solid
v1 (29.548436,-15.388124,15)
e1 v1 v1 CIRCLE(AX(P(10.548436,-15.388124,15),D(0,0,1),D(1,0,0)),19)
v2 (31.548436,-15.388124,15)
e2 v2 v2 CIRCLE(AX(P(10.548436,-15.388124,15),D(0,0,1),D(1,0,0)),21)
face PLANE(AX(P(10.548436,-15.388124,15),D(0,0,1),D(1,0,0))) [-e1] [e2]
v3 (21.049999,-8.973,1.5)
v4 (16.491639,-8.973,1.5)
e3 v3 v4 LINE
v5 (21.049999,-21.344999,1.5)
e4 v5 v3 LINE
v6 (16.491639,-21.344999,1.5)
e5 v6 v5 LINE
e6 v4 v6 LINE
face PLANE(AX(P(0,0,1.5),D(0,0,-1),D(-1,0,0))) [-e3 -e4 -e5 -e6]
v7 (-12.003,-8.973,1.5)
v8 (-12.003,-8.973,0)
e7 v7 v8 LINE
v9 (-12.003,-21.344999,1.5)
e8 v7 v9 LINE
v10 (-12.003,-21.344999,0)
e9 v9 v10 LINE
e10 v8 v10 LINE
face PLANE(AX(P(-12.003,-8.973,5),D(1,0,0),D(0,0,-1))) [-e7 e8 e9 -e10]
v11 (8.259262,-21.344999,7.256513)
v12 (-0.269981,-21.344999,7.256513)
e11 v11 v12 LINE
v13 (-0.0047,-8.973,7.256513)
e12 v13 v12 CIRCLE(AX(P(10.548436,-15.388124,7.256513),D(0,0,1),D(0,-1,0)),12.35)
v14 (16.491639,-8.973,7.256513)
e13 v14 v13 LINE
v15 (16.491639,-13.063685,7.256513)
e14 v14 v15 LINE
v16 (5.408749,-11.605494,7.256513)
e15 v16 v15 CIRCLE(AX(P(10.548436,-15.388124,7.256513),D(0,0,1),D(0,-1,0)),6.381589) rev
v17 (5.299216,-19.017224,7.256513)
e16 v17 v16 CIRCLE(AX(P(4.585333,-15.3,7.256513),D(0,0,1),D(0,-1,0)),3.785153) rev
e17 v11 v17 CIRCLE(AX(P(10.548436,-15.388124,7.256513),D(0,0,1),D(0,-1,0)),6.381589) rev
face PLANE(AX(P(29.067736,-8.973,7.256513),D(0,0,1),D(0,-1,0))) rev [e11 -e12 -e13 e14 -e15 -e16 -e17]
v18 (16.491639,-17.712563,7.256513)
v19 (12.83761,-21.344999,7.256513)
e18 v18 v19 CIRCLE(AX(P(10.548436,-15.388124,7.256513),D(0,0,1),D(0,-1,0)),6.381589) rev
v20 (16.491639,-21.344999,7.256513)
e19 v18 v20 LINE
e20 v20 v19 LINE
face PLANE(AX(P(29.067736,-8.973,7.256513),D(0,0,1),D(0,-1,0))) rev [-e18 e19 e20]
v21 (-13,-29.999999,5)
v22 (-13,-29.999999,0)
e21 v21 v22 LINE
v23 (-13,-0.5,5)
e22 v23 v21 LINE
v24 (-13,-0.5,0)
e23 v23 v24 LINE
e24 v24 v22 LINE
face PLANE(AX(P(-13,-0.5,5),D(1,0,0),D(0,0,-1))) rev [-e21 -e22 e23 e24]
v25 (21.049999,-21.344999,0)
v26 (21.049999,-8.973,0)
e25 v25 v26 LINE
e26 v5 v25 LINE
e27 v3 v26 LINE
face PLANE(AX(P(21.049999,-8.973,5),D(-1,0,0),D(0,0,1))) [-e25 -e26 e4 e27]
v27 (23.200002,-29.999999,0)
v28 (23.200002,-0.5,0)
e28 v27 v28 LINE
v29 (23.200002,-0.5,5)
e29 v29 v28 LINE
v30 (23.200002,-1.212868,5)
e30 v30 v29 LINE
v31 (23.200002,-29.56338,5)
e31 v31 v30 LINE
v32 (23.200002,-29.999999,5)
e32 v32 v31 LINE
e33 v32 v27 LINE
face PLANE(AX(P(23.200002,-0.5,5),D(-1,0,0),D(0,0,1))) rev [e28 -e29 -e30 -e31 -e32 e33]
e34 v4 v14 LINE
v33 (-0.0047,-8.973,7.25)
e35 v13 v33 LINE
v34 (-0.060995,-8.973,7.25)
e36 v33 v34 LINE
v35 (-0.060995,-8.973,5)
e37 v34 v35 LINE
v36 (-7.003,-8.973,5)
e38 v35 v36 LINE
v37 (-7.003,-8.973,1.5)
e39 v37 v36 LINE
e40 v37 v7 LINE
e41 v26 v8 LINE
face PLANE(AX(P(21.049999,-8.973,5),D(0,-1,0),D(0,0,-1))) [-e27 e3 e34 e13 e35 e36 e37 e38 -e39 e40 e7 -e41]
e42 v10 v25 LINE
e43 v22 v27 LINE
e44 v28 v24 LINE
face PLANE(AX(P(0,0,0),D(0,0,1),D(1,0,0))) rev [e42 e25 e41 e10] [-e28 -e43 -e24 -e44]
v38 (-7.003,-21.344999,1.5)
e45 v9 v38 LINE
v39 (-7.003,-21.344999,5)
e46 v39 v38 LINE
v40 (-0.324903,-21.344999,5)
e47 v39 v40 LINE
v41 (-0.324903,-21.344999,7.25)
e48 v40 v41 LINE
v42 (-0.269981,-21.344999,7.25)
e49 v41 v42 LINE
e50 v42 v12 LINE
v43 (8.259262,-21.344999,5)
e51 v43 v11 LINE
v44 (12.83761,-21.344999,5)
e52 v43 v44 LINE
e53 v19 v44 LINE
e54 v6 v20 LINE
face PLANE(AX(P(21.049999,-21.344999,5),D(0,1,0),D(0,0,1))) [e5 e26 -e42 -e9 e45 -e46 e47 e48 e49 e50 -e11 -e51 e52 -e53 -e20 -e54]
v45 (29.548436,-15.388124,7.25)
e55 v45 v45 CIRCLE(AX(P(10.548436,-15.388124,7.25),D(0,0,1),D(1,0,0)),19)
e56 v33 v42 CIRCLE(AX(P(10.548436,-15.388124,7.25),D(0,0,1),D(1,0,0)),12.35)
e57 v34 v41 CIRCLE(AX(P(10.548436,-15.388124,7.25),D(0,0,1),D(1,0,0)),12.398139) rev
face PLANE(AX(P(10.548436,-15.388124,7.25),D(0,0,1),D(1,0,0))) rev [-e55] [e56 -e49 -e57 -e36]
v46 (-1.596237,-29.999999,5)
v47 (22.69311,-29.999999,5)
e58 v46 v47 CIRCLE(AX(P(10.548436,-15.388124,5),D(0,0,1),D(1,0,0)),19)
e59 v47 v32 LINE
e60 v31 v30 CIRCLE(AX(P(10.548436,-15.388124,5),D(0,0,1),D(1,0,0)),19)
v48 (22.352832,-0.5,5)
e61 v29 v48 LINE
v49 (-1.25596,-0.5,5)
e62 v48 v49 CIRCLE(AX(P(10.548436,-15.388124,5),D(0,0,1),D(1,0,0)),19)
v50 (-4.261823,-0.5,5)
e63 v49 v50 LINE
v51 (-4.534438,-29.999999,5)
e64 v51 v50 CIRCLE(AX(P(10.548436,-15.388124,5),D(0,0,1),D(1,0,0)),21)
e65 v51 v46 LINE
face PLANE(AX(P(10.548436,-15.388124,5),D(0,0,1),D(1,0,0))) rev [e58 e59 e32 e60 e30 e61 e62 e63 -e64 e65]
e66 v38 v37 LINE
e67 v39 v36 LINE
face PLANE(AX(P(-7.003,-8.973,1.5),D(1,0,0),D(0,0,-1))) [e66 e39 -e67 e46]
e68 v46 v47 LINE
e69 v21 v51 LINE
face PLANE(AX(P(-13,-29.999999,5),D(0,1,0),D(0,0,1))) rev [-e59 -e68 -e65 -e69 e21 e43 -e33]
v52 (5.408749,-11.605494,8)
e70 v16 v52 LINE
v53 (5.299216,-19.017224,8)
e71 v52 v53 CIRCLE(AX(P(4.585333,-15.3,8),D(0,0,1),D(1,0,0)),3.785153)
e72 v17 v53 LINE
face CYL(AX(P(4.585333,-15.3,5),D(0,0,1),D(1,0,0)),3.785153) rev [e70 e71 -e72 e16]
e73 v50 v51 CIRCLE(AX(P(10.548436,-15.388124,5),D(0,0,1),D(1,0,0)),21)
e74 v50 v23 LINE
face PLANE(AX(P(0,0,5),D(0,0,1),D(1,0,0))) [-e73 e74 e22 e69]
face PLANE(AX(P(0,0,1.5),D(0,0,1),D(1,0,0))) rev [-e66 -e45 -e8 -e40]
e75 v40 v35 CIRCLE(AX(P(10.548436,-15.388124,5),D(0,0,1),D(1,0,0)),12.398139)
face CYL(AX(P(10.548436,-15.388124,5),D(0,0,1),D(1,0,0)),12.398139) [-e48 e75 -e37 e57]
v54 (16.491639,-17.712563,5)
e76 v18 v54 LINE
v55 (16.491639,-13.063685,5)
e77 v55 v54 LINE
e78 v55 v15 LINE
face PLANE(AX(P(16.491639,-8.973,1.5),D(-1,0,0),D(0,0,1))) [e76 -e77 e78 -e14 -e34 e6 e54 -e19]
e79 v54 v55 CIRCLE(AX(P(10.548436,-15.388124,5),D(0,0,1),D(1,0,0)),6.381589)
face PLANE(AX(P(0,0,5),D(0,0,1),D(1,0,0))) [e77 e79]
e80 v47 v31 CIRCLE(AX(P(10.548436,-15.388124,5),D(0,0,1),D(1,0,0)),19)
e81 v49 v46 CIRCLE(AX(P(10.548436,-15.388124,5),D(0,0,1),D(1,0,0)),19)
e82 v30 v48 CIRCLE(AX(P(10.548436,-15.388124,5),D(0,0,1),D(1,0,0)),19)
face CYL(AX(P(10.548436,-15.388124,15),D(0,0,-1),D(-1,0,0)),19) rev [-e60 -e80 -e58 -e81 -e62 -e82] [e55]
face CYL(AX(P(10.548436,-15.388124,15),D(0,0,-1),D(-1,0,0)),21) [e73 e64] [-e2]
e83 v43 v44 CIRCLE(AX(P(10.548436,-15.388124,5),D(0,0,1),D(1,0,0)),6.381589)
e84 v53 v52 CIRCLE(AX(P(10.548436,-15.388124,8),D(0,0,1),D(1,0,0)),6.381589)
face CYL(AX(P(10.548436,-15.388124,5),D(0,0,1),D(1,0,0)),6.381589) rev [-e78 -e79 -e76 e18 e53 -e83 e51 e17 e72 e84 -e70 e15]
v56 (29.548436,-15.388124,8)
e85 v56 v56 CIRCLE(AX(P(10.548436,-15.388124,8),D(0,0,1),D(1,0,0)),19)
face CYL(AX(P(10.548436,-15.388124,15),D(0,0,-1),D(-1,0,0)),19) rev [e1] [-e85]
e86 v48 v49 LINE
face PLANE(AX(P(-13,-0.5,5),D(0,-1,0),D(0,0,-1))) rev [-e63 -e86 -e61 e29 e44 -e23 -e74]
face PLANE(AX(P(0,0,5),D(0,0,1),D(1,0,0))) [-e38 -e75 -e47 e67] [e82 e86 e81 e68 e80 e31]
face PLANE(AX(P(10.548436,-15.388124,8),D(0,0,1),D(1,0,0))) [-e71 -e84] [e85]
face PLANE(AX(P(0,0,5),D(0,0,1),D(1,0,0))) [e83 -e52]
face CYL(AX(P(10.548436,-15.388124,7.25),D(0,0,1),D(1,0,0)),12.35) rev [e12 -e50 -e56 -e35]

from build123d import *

# Parameters (mm, degrees)
ESQUISSE1_W             = 36.200001836
ESQUISSE1_H             = 29.499999305
BOSS_EXTRU_1_DEPTH      = 5
ESQUISSE2_W             = 33.052998595
ESQUISSE2_H             = 12.371999211
ENL_V_MAT_EXTRU_1_DEPTH = 5
BOSS_EXTRU_2_START      = 5
ESQUISSE3_W             = 4.558359629
ESQUISSE3_H             = 12.371999211
ESQUISSE3_W_2           = 4.999999888
ESQUISSE3_H_2           = 12.380001135
BOSS_EXTRU_2_DEPTH      = 3.5
BOSS_EXTRU_5_DEPTH      = 2
BOSS_EXTRU_5_DEPTH_BACK = 1
BOSS_EXTRU_5_START      = 6
ESQUISSE4_R             = 12.398139185
ENL_V_MAT_EXTRU_3_REACH = 49.691
ESQUISSE6_W             = 2.256513492
ESQUISSE6_H             = 12.371999211
SKETCH4_R               = 21
SKETCH4_R_2             = 19
BOSS_EXTRUDE2_DEPTH     = 10
SKETCH5_R               = 20
SKETCH5_R_2             = 12.35
BOSS_EXTRUDE7_DEPTH     = 0.75


with BuildPart() as part:
    # Esquisse1 → Boss.-Extru.1 (new body)
    with BuildSketch(Plane.XY):
        with Locations((5.10000065, -15.249999676)):
            Rectangle(ESQUISSE1_W, ESQUISSE1_H)
    extrude(amount=BOSS_EXTRU_1_DEPTH)

    # Esquisse2 → Enlèv. mat.-Extru.1 (cut)
    with BuildSketch(Plane.XY):
        with Locations((4.523499403, -15.158999246)):
            Rectangle(ESQUISSE2_W, ESQUISSE2_H)
    extrude(amount=ENL_V_MAT_EXTRU_1_DEPTH, mode=Mode.SUBTRACT)

    # Esquisse3 → Boss.-Extru.2 (add)
    with BuildSketch(Plane.XY.offset(BOSS_EXTRU_2_START)):
        with Locations((18.770818887, -15.158999246)):
            Rectangle(ESQUISSE3_W, ESQUISSE3_H)
        with Locations((-9.50299995, -15.163000208)):
            Rectangle(ESQUISSE3_W_2, ESQUISSE3_H_2)
    extrude(amount=-BOSS_EXTRU_2_DEPTH)

    # Esquisse4 → Boss.-Extru.5 (add, two sides: drawn at the far end of the back side and taken through both)
    with BuildSketch(Plane.XY.offset(BOSS_EXTRU_5_START - BOSS_EXTRU_5_DEPTH_BACK)):
        with Locations((10.5484362, -15.38812394)):
            Circle(ESQUISSE4_R)
        with BuildLine():
            ThreePointArc((5.299216058, -19.01722353), (16.929328279, -15.482422447), (5.408748548, -11.605494329))
            ThreePointArc((5.408748548, -11.605494329), (0.800592824, -15.244067738), (5.299216058, -19.01722353))
        make_face(mode=Mode.SUBTRACT)
    extrude(amount=BOSS_EXTRU_5_DEPTH + BOSS_EXTRU_5_DEPTH_BACK)

    # Enlèv. mat.-Extru.3: up to this face of the body (flat: up to its plane)
    enl_v_mat_extru_3_end = Plane(part.part.faces().sort_by_distance((16.491639072, -15.158999246, 3.25))[0])
    # Esquisse6 → Enlèv. mat.-Extru.3 (cut, up to the picked face)
    with BuildSketch(Plane.ZY.offset(13.000000268), mode=Mode.PRIVATE) as enl_v_mat_extru_3_sk1:
        with Locations((6.128256634, -15.158999246)):
            Rectangle(ESQUISSE6_W, ESQUISSE6_H)
    enl_v_mat_extru_3_tool1 = split(extrude(enl_v_mat_extru_3_sk1.sketch, amount=-ENL_V_MAT_EXTRU_3_REACH, mode=Mode.PRIVATE), bisect_by=enl_v_mat_extru_3_end, keep=Keep.BOTH, mode=Mode.PRIVATE)
    add(enl_v_mat_extru_3_tool1.solids().sort_by(Axis((-13, -15.158999, 6.128257), (1, 0, 0)))[0], mode=Mode.SUBTRACT)

    # Sketch4 → Boss-Extrude2 (add)
    with BuildSketch(Plane.XY.offset(5)):
        with Locations(Location((10.5484362, -15.38812394, 0), (0, 0, 224.09128758))):
            Circle(SKETCH4_R)
        with Locations(Location((10.5484362, -15.38812394, 0), (0, 0, 230.268304167))):
            Circle(SKETCH4_R_2, mode=Mode.SUBTRACT)
    extrude(amount=BOSS_EXTRUDE2_DEPTH)

    # Sketch5 → Boss-Extrude7 (add)
    with BuildSketch(Plane.XY.offset(8)):
        with Locations((10.5484362, -15.38812394)):
            Circle(SKETCH5_R)
        with Locations((10.5484362, -15.38812394)):
            Circle(SKETCH5_R_2, mode=Mode.SUBTRACT)
    extrude(amount=-BOSS_EXTRUDE7_DEPTH)


solid = part.part
